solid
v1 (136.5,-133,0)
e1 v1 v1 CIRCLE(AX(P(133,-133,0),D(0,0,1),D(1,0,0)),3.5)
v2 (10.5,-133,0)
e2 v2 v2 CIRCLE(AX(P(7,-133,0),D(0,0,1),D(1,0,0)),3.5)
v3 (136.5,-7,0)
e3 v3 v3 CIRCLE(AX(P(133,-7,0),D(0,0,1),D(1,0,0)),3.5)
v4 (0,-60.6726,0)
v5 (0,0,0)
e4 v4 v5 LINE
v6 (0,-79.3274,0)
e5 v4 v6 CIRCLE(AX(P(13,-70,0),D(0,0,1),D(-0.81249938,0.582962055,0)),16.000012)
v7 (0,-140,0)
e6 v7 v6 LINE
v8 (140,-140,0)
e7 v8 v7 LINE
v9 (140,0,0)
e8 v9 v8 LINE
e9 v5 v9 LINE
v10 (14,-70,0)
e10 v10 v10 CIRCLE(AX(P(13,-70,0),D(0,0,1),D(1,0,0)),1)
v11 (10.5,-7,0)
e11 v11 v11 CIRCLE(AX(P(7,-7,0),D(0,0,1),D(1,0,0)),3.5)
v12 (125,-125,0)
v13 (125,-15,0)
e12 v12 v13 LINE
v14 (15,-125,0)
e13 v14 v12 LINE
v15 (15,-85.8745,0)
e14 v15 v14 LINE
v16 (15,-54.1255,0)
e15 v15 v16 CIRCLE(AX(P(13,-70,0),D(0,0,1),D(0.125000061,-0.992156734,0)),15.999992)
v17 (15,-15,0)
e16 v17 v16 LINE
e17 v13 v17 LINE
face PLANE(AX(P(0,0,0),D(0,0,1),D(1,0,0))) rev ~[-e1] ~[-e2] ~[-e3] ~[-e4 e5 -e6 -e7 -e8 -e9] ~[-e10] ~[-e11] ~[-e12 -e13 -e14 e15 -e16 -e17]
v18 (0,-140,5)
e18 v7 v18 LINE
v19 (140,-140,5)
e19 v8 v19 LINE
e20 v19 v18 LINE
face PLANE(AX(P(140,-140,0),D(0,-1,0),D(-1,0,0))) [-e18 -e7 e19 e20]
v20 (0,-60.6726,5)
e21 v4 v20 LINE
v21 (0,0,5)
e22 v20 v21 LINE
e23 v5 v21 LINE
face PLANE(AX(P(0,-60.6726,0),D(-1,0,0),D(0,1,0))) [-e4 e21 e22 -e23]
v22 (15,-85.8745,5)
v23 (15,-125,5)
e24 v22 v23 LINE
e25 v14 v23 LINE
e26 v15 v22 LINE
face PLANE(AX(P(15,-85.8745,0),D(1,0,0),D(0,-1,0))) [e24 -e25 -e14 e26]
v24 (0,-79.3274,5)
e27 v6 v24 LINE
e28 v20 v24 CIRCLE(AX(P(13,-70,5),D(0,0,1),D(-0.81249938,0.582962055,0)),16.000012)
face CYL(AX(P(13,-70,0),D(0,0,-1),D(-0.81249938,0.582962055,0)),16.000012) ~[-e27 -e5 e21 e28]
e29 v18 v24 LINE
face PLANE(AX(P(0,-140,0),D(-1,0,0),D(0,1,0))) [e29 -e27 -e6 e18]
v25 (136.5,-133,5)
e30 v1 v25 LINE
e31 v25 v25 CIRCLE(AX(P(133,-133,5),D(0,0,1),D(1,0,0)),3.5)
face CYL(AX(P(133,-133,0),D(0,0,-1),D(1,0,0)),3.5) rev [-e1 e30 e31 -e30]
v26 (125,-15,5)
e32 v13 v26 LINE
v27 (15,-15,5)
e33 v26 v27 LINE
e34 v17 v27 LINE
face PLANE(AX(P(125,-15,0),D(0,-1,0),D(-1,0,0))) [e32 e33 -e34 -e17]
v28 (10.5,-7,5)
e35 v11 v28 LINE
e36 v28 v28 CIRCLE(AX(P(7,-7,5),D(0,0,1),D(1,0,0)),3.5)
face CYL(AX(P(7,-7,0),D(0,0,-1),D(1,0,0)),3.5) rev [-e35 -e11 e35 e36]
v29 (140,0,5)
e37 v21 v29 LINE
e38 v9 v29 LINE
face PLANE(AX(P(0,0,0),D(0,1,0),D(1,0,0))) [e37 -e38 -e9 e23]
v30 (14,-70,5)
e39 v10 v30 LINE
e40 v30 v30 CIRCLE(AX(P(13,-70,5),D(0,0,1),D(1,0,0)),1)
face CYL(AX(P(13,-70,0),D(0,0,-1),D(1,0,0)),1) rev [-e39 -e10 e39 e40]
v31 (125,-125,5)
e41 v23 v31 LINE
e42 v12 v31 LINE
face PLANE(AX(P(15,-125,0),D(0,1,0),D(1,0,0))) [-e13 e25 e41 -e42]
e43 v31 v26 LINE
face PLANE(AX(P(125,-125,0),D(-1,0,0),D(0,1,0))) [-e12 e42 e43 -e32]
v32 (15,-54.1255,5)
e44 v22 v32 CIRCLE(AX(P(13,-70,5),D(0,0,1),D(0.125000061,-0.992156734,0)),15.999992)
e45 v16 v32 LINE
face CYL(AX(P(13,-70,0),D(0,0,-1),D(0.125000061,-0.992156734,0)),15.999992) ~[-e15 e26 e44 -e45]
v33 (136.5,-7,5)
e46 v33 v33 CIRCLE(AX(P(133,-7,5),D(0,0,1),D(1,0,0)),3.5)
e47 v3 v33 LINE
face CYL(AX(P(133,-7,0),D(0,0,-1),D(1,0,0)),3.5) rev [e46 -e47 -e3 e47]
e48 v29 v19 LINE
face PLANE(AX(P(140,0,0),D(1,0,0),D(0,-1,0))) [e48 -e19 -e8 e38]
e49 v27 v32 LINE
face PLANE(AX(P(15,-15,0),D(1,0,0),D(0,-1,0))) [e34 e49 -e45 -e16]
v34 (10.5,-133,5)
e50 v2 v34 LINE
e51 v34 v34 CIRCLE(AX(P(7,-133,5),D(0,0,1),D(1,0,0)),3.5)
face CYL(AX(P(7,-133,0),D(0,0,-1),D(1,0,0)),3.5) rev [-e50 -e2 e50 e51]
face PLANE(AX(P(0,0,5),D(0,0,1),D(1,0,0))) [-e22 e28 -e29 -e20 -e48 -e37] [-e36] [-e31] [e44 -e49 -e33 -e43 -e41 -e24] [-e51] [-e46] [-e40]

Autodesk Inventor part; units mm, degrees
ref_plane "YZ Plane" through (0, 0, 0) normal (1, 0, 0) x (0, 1, 0)
ref_plane "XZ Plane" through (0, 0, 0) normal (0, 1, 0) x (-1, 0, 0)
ref_plane "XY Plane" through (0, 0, 0) normal (0, 0, 1) x (1, 0, 0)
sketch "Boceto1" plane through (0, 0, 0) normal (0, 0, 1) x (1, 0, 0)
  circle A0 centre (812.7165, -188.8432) radius 3.5
  circle A1 centre (938.7165, -188.8432) radius 3.5
  circle A2 centre (812.7165, -314.8432) radius 3.5
  circle A3 centre (938.7165, -314.8432) radius 3.5
  circle A4 centre (7, -133) radius 3.5
  circle A5 centre (7, -7) radius 3.5
  circle A6 centre (133, -133) radius 3.5
  circle A7 centre (133, -7) radius 3.5
  circle A8 centre (742.932, -379.7007) radius 3.5
  circle A9 centre (684.4665, -289.064) radius 3.5
  line L0 (643.3746, -238.0566) -> (643.3746, -186.384)
  line L1 (643.3746, -186.384) -> (658.3746, -186.384)
  line L2 (658.3746, -186.384) -> (658.3746, -231.5095)
  circle A10 centre (650.6272, -198.084) radius 3.5
  line L3 (930.7165, -299.4631) -> (930.7165, -313.8432)
  line L4 (930.7165, -313.8432) -> (820.7165, -313.8432)
  line L5 (820.7165, -313.8432) -> (820.7165, -299.8432)
  line L6 (820.7165, -299.8432) -> (820.7165, -267.7177)
  arc A11 (802.6937, -413.4304) -> (798.6937, -413.4304) centre (800.6937, -413.4304) ccw
  line L7 (802.6937, -413.4304) -> (802.6937, -450.6101)
  arc A12 (798.6937, -450.6101) -> (802.6937, -450.6101) centre (800.6937, -450.6101) ccw
  line L8 (798.6937, -450.6101) -> (798.6937, -413.4304)
  line L9 (899.1229, -399.4144) -> (899.1229, -391.9144)
  line L10 (899.1229, -391.9144) -> (815.1529, -391.9144)
  arc A13 (812.4407, -391.5396) -> (815.1529, -391.9144) centre (815.1529, -381.9144) ccw
  line L11 (812.4407, -391.5396) -> (788.253, -384.724)
  arc A14 (788.253, -384.724) -> (786.3475, -384.3818) centre (785.5409, -394.3492) ccw
  arc A15 (784.4303, -384.0363) -> (786.3475, -384.3818) centre (787.1541, -374.4144) ccw
  line L12 (718.1963, -348.8257) -> (755.3759, -348.8257)
  arc A16 (755.3759, -348.8257) -> (755.3759, -344.8257) centre (755.3759, -346.8257) ccw
  line L13 (755.3759, -344.8257) -> (718.1963, -344.8257)
  arc A17 (718.1963, -344.8257) -> (718.1963, -348.8257) centre (718.1963, -346.8257) ccw
  line L14 (0, -60.6726) -> (0, 0)
  line L15 (0, 0) -> (140, 0)
  line L16 (140, 0) -> (140, -140)
  line L17 (140, -140) -> (0, -140)
  line L18 (0, -140) -> (0, -79.3274)
  line L19 (15, -85.8745) -> (15, -125)
  line L20 (15, -125) -> (125, -125)
  line L21 (125, -125) -> (125, -15)
  line L22 (125, -15) -> (15, -15)
  line L23 (15, -15) -> (15, -54.1255)
  line L24 (-993.9843, 33.9517) -> (-715.1465, 33.9517)
  line L25 (-715.1465, 33.9517) -> (-715.1465, -156.5278)
  line L26 (-715.1465, -156.5278) -> (-993.9843, -156.5278)
  line L27 (-993.9843, -156.5278) -> (-993.9843, 33.9517)
  circle A18 centre (-961.4218, 1.0641) radius 2.5
  circle A19 centre (-835.4218, 1.0641) radius 2.5
  circle A20 centre (-961.4218, -124.9359) radius 2.5
  circle A21 centre (-835.4218, -124.9359) radius 2.5
  line L28 (-1001.1961, 41.4488) -> (-685.1452, 41.4488)
  line L29 (-685.1452, 41.4488) -> (-685.1452, -163.7638)
  line L30 (-685.1452, -163.7638) -> (-1001.1961, -163.7638)
  line L31 (-1001.1961, -163.7638) -> (-1001.1961, 41.4488)
  circle A22 centre (938.6116, -461.4421) radius 3.5
  line L32 (832.2485, -453.4421) -> (930.6116, -453.4421)
  line L33 (930.6116, -453.4421) -> (930.6116, -414.3166)
  line L34 (832.2485, -468.4421) -> (832.2485, -453.4421)
  line L35 (832.2485, -328.4421) -> (945.6116, -328.4421)
  line L36 (945.6116, -328.4421) -> (945.6116, -389.1147)
  line L37 (832.2485, -343.4421) -> (832.2485, -328.4421)
  circle A23 centre (938.6116, -335.4421) radius 3.5
  circle A24 centre (-821.7113, -229.9218) radius 8.1
  circle A25 centre (-864.2113, -229.9218) radius 3.25
  circle A26 centre (-839.0318, -229.9218) radius 3.25
  circle A27 centre (-932.7072, -191.2961) radius 3.25
  circle A28 centre (-915.3867, -191.2961) radius 8.1
  circle A29 centre (-957.8867, -191.2961) radius 3.25
  circle A30 centre (-864.0658, -191.0106) radius 3.25
  circle A31 centre (-838.8863, -191.0106) radius 3.25
  circle A32 centre (-821.5658, -191.0106) radius 8.1
  circle A33 centre (-881.7113, -229.9218) radius 7
  circle A34 centre (-974.6846, -229.7987) radius 7
  circle A35 centre (-957.1846, -229.7987) radius 3.25
  circle A36 centre (-932.0051, -229.7987) radius 3.25
  circle A37 centre (-914.6846, -229.7987) radius 8.1
  line L38 (-993.2367, -169.6143) -> (-798.5871, -169.6143)
  line L39 (-798.5871, -169.6143) -> (-798.5871, -253.6689)
  line L40 (-798.5871, -253.6689) -> (-993.2367, -253.6689)
  line L41 (-993.2367, -253.6689) -> (-993.2367, -169.6143)
  arc A38 (-924.0111, -244.6064) -> (-932.0051, -242.2987) centre (-932.0051, -257.2987) ccw
  line L42 (-932.0051, -242.2987) -> (-974.6846, -242.2987)
  arc A39 (-974.6846, -217.2987) -> (-974.6846, -242.2987) centre (-974.6846, -229.7987) ccw
  line L43 (-974.6846, -217.2987) -> (-932.0051, -217.2987)
  arc A40 (-932.0051, -217.2987) -> (-924.0111, -214.991) centre (-932.0051, -202.2987) ccw
  arc A41 (-924.0111, -244.6064) -> (-924.0111, -214.991) centre (-914.6846, -229.7987) ccw
  arc A42 (-881.7113, -217.4218) -> (-881.7113, -242.4218) centre (-881.7113, -229.9218) ccw
  line L44 (-881.7113, -217.4218) -> (-839.0318, -217.4218)
  arc A43 (-839.0318, -217.4218) -> (-831.0377, -215.1141) centre (-839.0318, -202.4218) ccw
  arc A44 (-831.0377, -244.7295) -> (-831.0377, -215.1141) centre (-821.7113, -229.9218) ccw
  arc A45 (-831.0377, -244.7295) -> (-839.0318, -242.4218) centre (-839.0318, -257.4218) ccw
  line L45 (-839.0318, -242.4218) -> (-881.7113, -242.4218)
  line L46 (-966.6367, -196.3479) -> (-975.3867, -201.3997)
  line L47 (-975.3867, -201.3997) -> (-984.1367, -196.3479)
  line L48 (-984.1367, -196.3479) -> (-984.1367, -186.2443)
  line L49 (-984.1367, -186.2443) -> (-975.3867, -181.1925)
  line L50 (-975.3867, -181.1925) -> (-966.6367, -186.2443)
  line L51 (-966.6367, -186.2443) -> (-966.6367, -196.3479)
  arc A46 (-924.7131, -206.1038) -> (-924.7131, -176.4884) centre (-915.3867, -191.2961) ccw
  arc A47 (-932.7072, -178.7961) -> (-924.7131, -176.4884) centre (-932.7072, -163.7961) ccw
  line L52 (-932.7072, -178.7961) -> (-975.3867, -178.7961)
  arc A48 (-975.3867, -178.7961) -> (-975.3867, -203.7961) centre (-975.3867, -191.2961) ccw
  line L53 (-975.3867, -203.7961) -> (-932.7072, -203.7961)
  arc A49 (-924.7131, -206.1038) -> (-932.7072, -203.7961) centre (-932.7072, -218.7961) ccw
  line L54 (-881.5658, -203.5106) -> (-838.8863, -203.5106)
  arc A50 (-830.8922, -205.8183) -> (-838.8863, -203.5106) centre (-838.8863, -218.5106) ccw
  arc A51 (-830.8922, -205.8183) -> (-830.8922, -176.2029) centre (-821.5658, -191.0106) ccw
  arc A52 (-838.8863, -178.5106) -> (-830.8922, -176.2029) centre (-838.8863, -163.5106) ccw
  line L55 (-838.8863, -178.5106) -> (-881.5658, -178.5106)
  arc A53 (-881.5658, -178.5106) -> (-881.5658, -203.5106) centre (-881.5658, -191.0106) ccw
  line L56 (-890.3158, -185.9588) -> (-881.5658, -180.907)
  line L57 (-881.5658, -180.907) -> (-872.8158, -185.9588)
  line L58 (-872.8158, -185.9588) -> (-872.8158, -196.0624)
  line L59 (-872.8158, -196.0624) -> (-881.5658, -201.1142)
  line L60 (-881.5658, -201.1142) -> (-890.3158, -196.0624)
  line L61 (-890.3158, -196.0624) -> (-890.3158, -185.9588)
  arc A54 (0, -60.6726) -> (0, -79.3274) centre (13, -70) ccw
  arc A55 (643.3746, -238.0566) -> (643.3746, -256.7114) centre (656.3746, -247.384) ccw
  arc A56 (805.7165, -242.5158) -> (805.7165, -261.1706) centre (818.7165, -251.8432) ccw
  arc A57 (679.4665, -307.4948) -> (688.8022, -330.5623) centre (693.4587, -315.2549) ccw
  arc A58 (930.6116, -382.5675) -> (930.6116, -414.3166) centre (932.6116, -398.4421) ccw
  arc A59 (753.3527, -391.3948) -> (780.9993, -399.4144) centre (769.1229, -388.6929) ccw
  arc A60 (15, -85.8745) -> (15, -54.1255) centre (13, -70) ccw
  line L62 (679.4665, -307.4948) -> (679.4665, -282.064)
  line L63 (679.4665, -282.064) -> (694.4606, -282.064)
  line L64 (694.4606, -282.064) -> (694.4606, -293.9069)
  arc A61 (694.4606, -293.9069) -> (696.1607, -299.4847) centre (704.4606, -293.9069) ccw
  line L65 (704.1803, -327.1313) -> (704.1803, -331.9041)
  arc A62 (704.1803, -331.9041) -> (704.5551, -334.6163) centre (714.1803, -331.9041) ccw
  line L66 (704.5551, -334.6163) -> (706.8683, -342.8257)
  line L67 (706.8683, -342.8257) -> (758.8683, -342.8257)
  arc A63 (758.8683, -350.8257) -> (758.8683, -342.8257) centre (759.1244, -346.8257) ccw
  line L68 (758.8683, -350.8257) -> (709.1225, -350.8257)
  line L69 (709.1225, -350.8257) -> (711.3055, -358.5727)
  arc A64 (711.6803, -361.2849) -> (711.3055, -358.5727) centre (701.6803, -361.2849) ccw
  line L70 (711.6803, -361.2849) -> (711.6803, -445.2549)
  line L71 (711.6803, -445.2549) -> (696.6803, -445.2549)
  line L72 (696.6803, -445.2549) -> (696.6803, -361.2849)
  arc A65 (696.6803, -361.2849) -> (696.3055, -358.5727) centre (686.6803, -361.2849) ccw
  line L73 (696.3055, -358.5727) -> (689.4899, -334.385)
  arc A66 (689.1477, -332.4795) -> (689.4899, -334.385) centre (699.1151, -331.6729) ccw
  arc A67 (689.1477, -332.4795) -> (688.8022, -330.5623) centre (679.1803, -333.2861) ccw
  arc A68 (704.1803, -327.1313) -> (696.1607, -299.4847) centre (693.4587, -315.2549) ccw
  line L74 (820.7165, -235.9687) -> (820.7165, -189.8432)
  line L75 (820.7165, -189.8432) -> (930.7165, -189.8432)
  line L76 (930.7165, -189.8432) -> (930.7165, -243.3432)
  line L77 (930.7165, -243.3432) -> (945.7165, -243.3432)
  line L78 (945.7165, -243.3432) -> (945.7165, -181.8432)
  line L79 (945.7165, -181.8432) -> (805.7165, -181.8432)
  line L80 (805.7165, -181.8432) -> (805.7165, -242.5158)
  line L81 (805.7165, -261.1706) -> (805.7165, -321.8432)
  line L82 (805.7165, -321.8432) -> (945.7165, -321.8432)
  line L83 (945.7165, -321.8432) -> (945.7165, -260.3432)
  line L84 (945.7165, -260.3432) -> (930.7165, -260.3432)
  line L85 (930.7165, -260.3432) -> (930.7165, -299.8432)
  arc A69 (820.7165, -267.7177) -> (820.7165, -235.9687) centre (818.7165, -251.8432) ccw
  line L86 (670.5079, -239.884) -> (793.3746, -239.884)
  line L87 (793.3746, -239.884) -> (793.3746, -254.884)
  line L88 (793.3746, -254.884) -> (670.5079, -254.884)
  line L89 (658.3746, -263.2585) -> (658.3746, -308.384)
  line L90 (658.3746, -308.384) -> (643.3746, -308.384)
  line L91 (643.3746, -308.384) -> (643.3746, -256.7114)
  arc A70 (658.3746, -263.2585) -> (670.5079, -254.884) centre (656.3746, -247.384) ccw
  arc A71 (670.5079, -239.884) -> (658.3746, -231.5095) centre (656.3746, -247.384) ccw
  line L92 (945.6116, -407.7694) -> (945.6116, -468.4421)
  line L93 (945.6116, -468.4421) -> (832.2485, -468.4421)
  line L94 (930.6116, -382.5675) -> (930.6116, -343.4421)
  line L95 (930.6116, -343.4421) -> (832.2485, -343.4421)
  arc A72 (945.6116, -407.7694) -> (945.6116, -389.1147) centre (932.6116, -398.4421) ccw
  line L96 (780.9993, -399.4144) -> (785.7722, -399.4144)
  arc A73 (788.4843, -399.7892) -> (785.7722, -399.4144) centre (785.7722, -409.4144) ccw
  line L97 (788.4843, -399.7892) -> (796.6937, -402.1024)
  line L98 (796.6937, -402.1024) -> (796.6937, -454.1024)
  arc A74 (796.6937, -454.1024) -> (804.6937, -454.1024) centre (800.6937, -454.3585) ccw
  line L99 (804.6937, -454.1024) -> (804.6937, -404.3566)
  line L100 (804.6937, -404.3566) -> (812.4407, -406.5396)
  arc A75 (812.4407, -406.5396) -> (815.1529, -406.9144) centre (815.1529, -396.9144) ccw
  line L101 (815.1529, -406.9144) -> (899.1229, -406.9144)
  line L102 (899.1229, -406.9144) -> (899.1229, -391.9144)
  line L103 (761.3628, -374.7007) -> (735.932, -374.7007)
  line L104 (735.932, -374.7007) -> (735.932, -389.6948)
  line L105 (735.932, -389.6948) -> (747.775, -389.6948)
  arc A76 (753.3527, -391.3948) -> (747.775, -389.6948) centre (747.775, -399.6948) ccw
  arc A77 (784.4303, -384.0363) -> (761.3628, -374.7007) centre (769.1229, -388.6929) ccw
  line L106 (930.7165, -243.3432) -> (930.7165, -260.3432)
  line L107 (945.7165, -243.3432) -> (945.7165, -260.3432)
  line L108 (628.631, -19.6698) -> (960.631, -19.6698)
  line L109 (960.631, -19.6698) -> (960.631, -482.6698)
  line L110 (960.631, -482.6698) -> (628.631, -482.6698)
  line L111 (628.631, -482.6698) -> (628.631, -19.6698)
  circle A78 centre (13, -70) radius 1
  point P0 (0, -463)
  point P1 (332, -463)
  point P2 (332, 0)
  point P3 (50.8356, -262.3941)
  point P4 (65.8296, -262.3941)
  point P5 (65.8296, -274.2371)
  point P6 (67.5297, -279.8148)
  point P7 (75.5493, -307.4614)
  point P8 (75.5493, -312.2343)
  point P9 (75.9241, -314.9465)
  point P10 (78.2373, -323.1558)
  point P11 (130.2373, -323.1558)
  point P12 (130.2373, -331.1558)
  point P13 (80.4915, -331.1558)
  point P14 (82.6745, -338.9029)
  point P15 (83.0493, -341.615)
  point P16 (83.0493, -425.585)
  point P17 (68.0493, -425.585)
  point P18 (68.0493, -341.615)
  point P19 (67.6745, -338.9029)
  point P20 (60.8589, -314.7152)
  point P21 (60.5167, -312.8096)
  point P22 (60.1712, -310.8924)
  point P23 (50.8356, -287.825)
  point P24 (316.9806, -388.0996)
  point P25 (316.9806, -448.7722)
  point P26 (203.6175, -448.7722)
  point P27 (203.6175, -433.7722)
  point P28 (301.9806, -433.7722)
  point P29 (301.9806, -394.6467)
  point P30 (301.9806, -362.8977)
  point P31 (301.9806, -323.7722)
  point P32 (203.6175, -323.7722)
  point P33 (203.6175, -308.7722)
  point P34 (316.9806, -308.7722)
  point P35 (316.9806, -369.4448)
  point P36 (15.3452, -75.2432)
  point P37 (15.3452, -14.5706)
  point P38 (155.3452, -14.5706)
  point P39 (155.3452, -154.5706)
  point P40 (15.3452, -154.5706)
  point P41 (15.3452, -93.898)
  point P42 (178.1524, -75.2432)
  point P43 (178.1524, -14.5706)
  point P44 (318.1524, -14.5706)
  point P45 (318.1524, -154.5706)
  point P46 (178.1524, -154.5706)
  point P47 (178.1524, -93.898)
  point P48 (29.7436, -243.5887)
  point P49 (29.7436, -288.7142)
  point P50 (14.7436, -288.7142)
  point P51 (14.7436, -237.0415)
  point P52 (14.7436, -218.3868)
  point P53 (14.7436, -166.7142)
  point P54 (29.7436, -166.7142)
  point P55 (29.7436, -211.8397)
  point P56 (41.8769, -220.2142)
  point P57 (164.7436, -220.2142)
  point P58 (164.7436, -235.2142)
  point P59 (41.8769, -235.2142)
  point P60 (186.5219, -372.2445)
  point P61 (270.4919, -372.2445)
  point P62 (270.4919, -379.7445)
  point P63 (270.4919, -387.2445)
  point P64 (186.5219, -387.2445)
  point P65 (183.8098, -386.8697)
  point P66 (176.0627, -384.6868)
  point P67 (176.0627, -434.4326)
  point P68 (168.0627, -434.4326)
  point P69 (168.0627, -382.4326)
  point P70 (159.8533, -380.1194)
  point P71 (157.1412, -379.7445)
  point P72 (152.3683, -379.7445)
  point P73 (124.7217, -371.725)
  point P74 (119.144, -370.0249)
  point P75 (107.301, -370.0249)
  point P76 (107.301, -355.0308)
  point P77 (132.7318, -355.0308)
  point P78 (155.7993, -364.3664)
  point P79 (157.7165, -364.712)
  point P80 (159.622, -365.0542)
  point P81 (183.8098, -371.8697)
  point P82 (317.0855, -240.6733)
  point P83 (317.0855, -302.1733)
  point P84 (177.0855, -302.1733)
  point P85 (177.0855, -241.5007)
  point P86 (177.0855, -222.846)
  point P87 (177.0855, -162.1733)
  point P88 (317.0855, -162.1733)
  point P89 (317.0855, -223.6733)
  dimension "d10" = 316.0509
  dimension "d11" = 295.1177
  dimension "d12" = 2
extrude "Extrusión2" add sketch "Boceto1" along normal blind 5 contours L14 L15 L16 L17 L18 A54
properties part number "P2"
